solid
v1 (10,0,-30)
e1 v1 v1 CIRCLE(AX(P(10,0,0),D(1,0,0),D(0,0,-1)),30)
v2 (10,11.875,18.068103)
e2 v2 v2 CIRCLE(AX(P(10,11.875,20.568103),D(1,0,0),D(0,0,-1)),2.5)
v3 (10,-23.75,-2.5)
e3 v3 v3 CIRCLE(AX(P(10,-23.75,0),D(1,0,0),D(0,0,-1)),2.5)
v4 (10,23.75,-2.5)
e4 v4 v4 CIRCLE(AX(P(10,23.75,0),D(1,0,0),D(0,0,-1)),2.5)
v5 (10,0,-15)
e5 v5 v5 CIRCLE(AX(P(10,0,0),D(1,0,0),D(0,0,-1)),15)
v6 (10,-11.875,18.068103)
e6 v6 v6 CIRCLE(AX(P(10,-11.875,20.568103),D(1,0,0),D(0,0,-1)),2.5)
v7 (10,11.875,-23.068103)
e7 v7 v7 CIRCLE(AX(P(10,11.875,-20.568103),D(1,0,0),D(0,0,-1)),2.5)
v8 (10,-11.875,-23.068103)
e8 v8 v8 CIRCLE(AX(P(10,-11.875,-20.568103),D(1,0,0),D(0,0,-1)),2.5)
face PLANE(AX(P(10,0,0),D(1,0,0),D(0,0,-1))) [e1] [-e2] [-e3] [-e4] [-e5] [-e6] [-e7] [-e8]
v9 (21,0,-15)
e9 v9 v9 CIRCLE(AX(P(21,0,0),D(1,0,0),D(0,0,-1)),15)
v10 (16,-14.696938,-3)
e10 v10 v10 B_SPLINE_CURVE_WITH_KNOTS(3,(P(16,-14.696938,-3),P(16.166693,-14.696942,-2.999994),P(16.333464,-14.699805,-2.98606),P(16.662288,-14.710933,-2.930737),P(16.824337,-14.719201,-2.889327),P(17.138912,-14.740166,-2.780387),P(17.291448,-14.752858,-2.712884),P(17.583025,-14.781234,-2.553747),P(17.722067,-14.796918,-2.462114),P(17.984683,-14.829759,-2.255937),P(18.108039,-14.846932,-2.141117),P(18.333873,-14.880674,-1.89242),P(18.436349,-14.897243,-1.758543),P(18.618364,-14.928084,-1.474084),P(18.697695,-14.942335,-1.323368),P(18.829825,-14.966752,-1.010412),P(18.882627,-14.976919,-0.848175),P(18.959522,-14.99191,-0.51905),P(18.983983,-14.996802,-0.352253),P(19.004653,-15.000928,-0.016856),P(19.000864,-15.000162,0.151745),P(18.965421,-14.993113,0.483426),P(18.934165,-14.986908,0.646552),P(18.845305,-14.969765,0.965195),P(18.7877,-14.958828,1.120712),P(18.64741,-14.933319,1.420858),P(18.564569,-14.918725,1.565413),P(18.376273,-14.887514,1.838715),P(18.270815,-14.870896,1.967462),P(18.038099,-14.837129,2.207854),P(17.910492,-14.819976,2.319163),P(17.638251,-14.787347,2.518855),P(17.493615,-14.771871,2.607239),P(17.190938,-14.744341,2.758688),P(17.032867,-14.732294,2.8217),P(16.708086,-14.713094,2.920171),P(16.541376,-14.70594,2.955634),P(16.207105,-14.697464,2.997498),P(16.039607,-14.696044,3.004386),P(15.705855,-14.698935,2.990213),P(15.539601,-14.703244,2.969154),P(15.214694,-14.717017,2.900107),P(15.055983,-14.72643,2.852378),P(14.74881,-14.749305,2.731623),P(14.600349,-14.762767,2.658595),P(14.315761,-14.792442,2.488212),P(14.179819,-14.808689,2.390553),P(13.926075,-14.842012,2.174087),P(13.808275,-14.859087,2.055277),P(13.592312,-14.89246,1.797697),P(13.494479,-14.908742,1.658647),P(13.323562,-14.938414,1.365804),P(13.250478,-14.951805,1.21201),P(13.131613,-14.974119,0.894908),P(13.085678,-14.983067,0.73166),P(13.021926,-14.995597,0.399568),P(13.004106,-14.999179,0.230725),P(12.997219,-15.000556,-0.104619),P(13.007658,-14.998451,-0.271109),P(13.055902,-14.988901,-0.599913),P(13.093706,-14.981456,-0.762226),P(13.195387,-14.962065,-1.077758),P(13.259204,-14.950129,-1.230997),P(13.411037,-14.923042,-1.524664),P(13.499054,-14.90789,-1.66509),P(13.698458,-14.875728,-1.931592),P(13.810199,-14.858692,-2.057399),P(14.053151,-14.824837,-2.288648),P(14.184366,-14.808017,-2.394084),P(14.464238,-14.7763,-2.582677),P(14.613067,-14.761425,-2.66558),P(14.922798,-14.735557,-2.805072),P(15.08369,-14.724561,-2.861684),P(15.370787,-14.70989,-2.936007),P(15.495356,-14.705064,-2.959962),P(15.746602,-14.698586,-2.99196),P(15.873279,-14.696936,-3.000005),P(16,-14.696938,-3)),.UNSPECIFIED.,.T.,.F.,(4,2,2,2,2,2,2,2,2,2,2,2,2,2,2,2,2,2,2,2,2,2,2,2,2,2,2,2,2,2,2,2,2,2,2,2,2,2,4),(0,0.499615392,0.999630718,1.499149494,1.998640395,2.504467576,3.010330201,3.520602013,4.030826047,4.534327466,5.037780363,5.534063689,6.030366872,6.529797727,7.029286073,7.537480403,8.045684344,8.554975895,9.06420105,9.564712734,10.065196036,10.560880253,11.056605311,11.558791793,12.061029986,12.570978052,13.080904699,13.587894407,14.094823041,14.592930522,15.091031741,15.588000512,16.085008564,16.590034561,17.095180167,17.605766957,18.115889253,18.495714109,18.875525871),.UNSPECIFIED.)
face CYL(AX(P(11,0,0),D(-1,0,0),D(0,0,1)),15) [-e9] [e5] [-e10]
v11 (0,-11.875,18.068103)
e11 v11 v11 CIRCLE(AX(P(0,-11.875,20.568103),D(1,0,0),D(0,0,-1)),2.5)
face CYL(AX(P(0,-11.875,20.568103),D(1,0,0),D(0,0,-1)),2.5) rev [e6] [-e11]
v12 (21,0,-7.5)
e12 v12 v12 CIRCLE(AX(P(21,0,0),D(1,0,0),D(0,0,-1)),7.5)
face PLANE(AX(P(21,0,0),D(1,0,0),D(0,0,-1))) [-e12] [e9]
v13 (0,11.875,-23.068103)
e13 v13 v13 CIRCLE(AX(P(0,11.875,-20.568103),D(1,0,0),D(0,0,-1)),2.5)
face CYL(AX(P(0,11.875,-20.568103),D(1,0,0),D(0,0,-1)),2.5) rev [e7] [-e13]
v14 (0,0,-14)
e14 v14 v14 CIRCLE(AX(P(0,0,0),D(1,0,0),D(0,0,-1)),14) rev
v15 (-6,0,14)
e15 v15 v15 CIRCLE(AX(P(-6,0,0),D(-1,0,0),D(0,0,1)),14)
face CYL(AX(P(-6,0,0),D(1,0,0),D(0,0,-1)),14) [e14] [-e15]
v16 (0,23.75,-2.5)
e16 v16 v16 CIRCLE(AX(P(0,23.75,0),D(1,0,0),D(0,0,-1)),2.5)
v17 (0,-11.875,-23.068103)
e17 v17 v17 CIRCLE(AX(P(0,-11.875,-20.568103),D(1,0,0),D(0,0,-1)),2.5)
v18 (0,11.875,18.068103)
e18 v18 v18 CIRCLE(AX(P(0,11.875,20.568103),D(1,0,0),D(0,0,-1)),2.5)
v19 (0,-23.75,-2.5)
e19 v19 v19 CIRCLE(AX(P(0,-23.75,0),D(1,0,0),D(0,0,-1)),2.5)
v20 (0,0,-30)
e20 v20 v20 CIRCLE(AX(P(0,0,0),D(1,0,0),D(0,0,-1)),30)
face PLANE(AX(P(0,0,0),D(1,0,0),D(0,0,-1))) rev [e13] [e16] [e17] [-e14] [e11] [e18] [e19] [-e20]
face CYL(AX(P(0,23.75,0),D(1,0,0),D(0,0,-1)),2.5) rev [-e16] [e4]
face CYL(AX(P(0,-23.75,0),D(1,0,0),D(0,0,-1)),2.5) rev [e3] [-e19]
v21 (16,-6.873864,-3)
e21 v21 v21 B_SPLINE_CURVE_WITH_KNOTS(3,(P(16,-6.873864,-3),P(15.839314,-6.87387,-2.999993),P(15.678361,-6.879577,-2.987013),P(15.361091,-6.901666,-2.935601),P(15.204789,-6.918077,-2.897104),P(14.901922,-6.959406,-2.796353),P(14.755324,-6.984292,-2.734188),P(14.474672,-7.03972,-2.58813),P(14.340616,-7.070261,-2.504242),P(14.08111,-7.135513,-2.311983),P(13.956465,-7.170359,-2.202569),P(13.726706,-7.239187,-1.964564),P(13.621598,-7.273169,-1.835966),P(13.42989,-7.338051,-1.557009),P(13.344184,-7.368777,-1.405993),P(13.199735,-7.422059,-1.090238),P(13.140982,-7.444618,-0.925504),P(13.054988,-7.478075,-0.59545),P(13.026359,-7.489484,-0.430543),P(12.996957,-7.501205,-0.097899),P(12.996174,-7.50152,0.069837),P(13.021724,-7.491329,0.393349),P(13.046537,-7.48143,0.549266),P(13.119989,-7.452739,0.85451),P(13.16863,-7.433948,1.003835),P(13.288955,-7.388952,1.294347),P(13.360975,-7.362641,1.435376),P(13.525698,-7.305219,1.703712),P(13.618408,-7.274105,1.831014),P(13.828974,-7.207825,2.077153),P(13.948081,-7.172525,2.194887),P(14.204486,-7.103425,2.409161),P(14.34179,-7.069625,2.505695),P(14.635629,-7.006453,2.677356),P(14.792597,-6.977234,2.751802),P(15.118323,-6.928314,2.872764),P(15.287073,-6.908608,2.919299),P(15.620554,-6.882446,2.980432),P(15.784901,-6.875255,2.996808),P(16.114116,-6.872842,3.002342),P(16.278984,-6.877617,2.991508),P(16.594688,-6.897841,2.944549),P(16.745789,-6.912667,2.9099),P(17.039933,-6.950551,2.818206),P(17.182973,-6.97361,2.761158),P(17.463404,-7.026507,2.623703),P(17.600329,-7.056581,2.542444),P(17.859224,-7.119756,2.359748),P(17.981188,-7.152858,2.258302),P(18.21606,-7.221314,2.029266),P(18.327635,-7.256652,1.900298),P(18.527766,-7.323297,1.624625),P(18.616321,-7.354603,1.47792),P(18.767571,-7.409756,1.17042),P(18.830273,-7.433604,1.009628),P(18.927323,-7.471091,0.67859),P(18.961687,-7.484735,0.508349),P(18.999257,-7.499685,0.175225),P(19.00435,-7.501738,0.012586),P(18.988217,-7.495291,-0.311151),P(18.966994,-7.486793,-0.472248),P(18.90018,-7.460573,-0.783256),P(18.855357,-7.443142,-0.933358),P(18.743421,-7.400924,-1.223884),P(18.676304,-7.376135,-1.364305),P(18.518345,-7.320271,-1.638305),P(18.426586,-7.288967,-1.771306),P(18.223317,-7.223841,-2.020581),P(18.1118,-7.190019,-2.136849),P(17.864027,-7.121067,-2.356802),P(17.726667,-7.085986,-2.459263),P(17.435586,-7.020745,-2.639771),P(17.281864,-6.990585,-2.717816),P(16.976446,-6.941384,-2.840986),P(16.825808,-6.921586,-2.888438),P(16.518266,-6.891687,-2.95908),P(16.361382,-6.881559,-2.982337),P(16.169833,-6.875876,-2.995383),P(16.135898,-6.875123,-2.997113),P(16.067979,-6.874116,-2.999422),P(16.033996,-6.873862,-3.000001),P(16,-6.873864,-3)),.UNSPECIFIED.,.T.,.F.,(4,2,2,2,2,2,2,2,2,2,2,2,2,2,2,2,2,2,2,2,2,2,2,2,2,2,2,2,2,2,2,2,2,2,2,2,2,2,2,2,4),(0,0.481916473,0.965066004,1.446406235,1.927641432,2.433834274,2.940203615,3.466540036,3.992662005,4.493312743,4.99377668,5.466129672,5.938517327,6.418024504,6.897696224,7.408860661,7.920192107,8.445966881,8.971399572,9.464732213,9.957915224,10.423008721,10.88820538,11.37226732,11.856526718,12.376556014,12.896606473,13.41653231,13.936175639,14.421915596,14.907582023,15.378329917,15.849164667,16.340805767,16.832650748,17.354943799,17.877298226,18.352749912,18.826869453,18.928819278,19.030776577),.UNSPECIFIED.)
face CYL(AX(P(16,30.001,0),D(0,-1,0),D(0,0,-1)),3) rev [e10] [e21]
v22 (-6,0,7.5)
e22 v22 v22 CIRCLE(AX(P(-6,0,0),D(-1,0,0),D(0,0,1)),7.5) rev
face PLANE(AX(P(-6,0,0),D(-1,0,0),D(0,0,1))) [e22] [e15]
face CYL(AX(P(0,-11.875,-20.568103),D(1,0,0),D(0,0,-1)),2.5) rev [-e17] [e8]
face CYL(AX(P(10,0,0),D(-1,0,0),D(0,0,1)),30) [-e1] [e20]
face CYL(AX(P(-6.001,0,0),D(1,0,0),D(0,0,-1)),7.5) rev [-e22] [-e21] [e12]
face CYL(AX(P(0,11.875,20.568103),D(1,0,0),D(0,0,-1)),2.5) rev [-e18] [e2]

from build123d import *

# Parameters (mm, degrees)
SKETCH1_R               = 30
BOSS_EXTRUDE1_DEPTH     = 10
SKETCH2_R               = 2.5
CUT_EXTRUDE1_DEPTH      = 44.588989435
SKETCH5_R               = 14
BOSS_EXTRUDE4_DEPTH     = 6
SKETCH8_R               = 15
BOSS_EXTRUDE6_DEPTH     = 1
SKETCH13_R              = 15
BOSS_EXTRUDE7_DEPTH     = 10
CUT_EXTRUDE4_REACH      = 52.289
SKETCH14_R              = 7.5
CUT_EXTRUDE3_REACH      = 60.017
CUT_EXTRUDE3_END_RADIUS = 7.5
SKETCH12_R              = 3


with BuildPart() as part:
    # Sketch1 → Boss-Extrude1 (new body)
    with BuildSketch(Plane(origin=(0, 0, 0), x_dir=(0, 0, -1), z_dir=(1, 0, 0))):
        Circle(SKETCH1_R)
    extrude(amount=BOSS_EXTRUDE1_DEPTH)

    # Sketch2 → Cut-Extrude1 (cut, through all)
    with BuildSketch(Plane(origin=(10, 0, 0), x_dir=(0, 0, -1), z_dir=(1, 0, 0))):
        with Locations((0, 23.75)):
            Circle(SKETCH2_R)
        with Locations((20.56810334, 11.875)):
            Circle(SKETCH2_R)
        with Locations((20.56810334, -11.875)):
            Circle(SKETCH2_R)
        with Locations((0, -23.75)):
            Circle(SKETCH2_R)
        with Locations((-20.56810334, -11.875)):
            Circle(SKETCH2_R)
        with Locations((-20.56810334, 11.875)):
            Circle(SKETCH2_R)
    extrude(amount=-CUT_EXTRUDE1_DEPTH, mode=Mode.SUBTRACT)

    # Sketch5 → Boss-Extrude4 (add)
    with BuildSketch(Plane.ZY):
        with Locations(Location((0, 0, 0), (0, 0, 180))):
            Circle(SKETCH5_R)
    extrude(amount=BOSS_EXTRUDE4_DEPTH)

    # Sketch8 → Boss-Extrude6 (add)
    with BuildSketch(Plane(origin=(10, 0, 0), x_dir=(0, 0, -1), z_dir=(1, 0, 0))):
        Circle(SKETCH8_R)
    extrude(amount=BOSS_EXTRUDE6_DEPTH)

    # Sketch13 → Boss-Extrude7 (add)
    with BuildSketch(Plane(origin=(11, 0, 0), x_dir=(0, 0, -1), z_dir=(1, 0, 0))):
        Circle(SKETCH13_R)
    extrude(amount=BOSS_EXTRUDE7_DEPTH)

    # Sketch14 → Cut-Extrude4 (cut, up to next)
    with BuildSketch(Plane(origin=(21, 0, 0), x_dir=(0, 0, -1), z_dir=(1, 0, 0)), mode=Mode.PRIVATE) as cut_extrude4_sk1:
        Circle(SKETCH14_R)
    cut_extrude4_tool1 = extrude(cut_extrude4_sk1.sketch, amount=-CUT_EXTRUDE4_REACH, mode=Mode.PRIVATE) & part.part
    add(cut_extrude4_tool1.solids().sort_by_distance((21, 0, 0))[0], mode=Mode.SUBTRACT)

    # Cut-Extrude3: up to this cylinder (the profile starts outside it)
    cut_extrude3_end = Plane(origin=(16, 0, 0), z_dir=(1, 0, 0)) * Cylinder(CUT_EXTRUDE3_END_RADIUS, 136.034, mode=Mode.PRIVATE)
    # Sketch12 → Cut-Extrude3 (cut, up to the surface)
    with BuildSketch(Plane(origin=(0, -15, 0), x_dir=(-1, 0, 0), z_dir=(0, -1, 0)), mode=Mode.PRIVATE) as cut_extrude3_sk1:
        with Locations(Location((-16, 0, 0), (0, 0, 90))):
            Circle(SKETCH12_R)
    cut_extrude3_tool1 = extrude(cut_extrude3_sk1.sketch, amount=-CUT_EXTRUDE3_REACH, mode=Mode.PRIVATE) - cut_extrude3_end
    add(cut_extrude3_tool1.solids().sort_by_distance((16, -15, 0))[0], mode=Mode.SUBTRACT)


solid = part.part
